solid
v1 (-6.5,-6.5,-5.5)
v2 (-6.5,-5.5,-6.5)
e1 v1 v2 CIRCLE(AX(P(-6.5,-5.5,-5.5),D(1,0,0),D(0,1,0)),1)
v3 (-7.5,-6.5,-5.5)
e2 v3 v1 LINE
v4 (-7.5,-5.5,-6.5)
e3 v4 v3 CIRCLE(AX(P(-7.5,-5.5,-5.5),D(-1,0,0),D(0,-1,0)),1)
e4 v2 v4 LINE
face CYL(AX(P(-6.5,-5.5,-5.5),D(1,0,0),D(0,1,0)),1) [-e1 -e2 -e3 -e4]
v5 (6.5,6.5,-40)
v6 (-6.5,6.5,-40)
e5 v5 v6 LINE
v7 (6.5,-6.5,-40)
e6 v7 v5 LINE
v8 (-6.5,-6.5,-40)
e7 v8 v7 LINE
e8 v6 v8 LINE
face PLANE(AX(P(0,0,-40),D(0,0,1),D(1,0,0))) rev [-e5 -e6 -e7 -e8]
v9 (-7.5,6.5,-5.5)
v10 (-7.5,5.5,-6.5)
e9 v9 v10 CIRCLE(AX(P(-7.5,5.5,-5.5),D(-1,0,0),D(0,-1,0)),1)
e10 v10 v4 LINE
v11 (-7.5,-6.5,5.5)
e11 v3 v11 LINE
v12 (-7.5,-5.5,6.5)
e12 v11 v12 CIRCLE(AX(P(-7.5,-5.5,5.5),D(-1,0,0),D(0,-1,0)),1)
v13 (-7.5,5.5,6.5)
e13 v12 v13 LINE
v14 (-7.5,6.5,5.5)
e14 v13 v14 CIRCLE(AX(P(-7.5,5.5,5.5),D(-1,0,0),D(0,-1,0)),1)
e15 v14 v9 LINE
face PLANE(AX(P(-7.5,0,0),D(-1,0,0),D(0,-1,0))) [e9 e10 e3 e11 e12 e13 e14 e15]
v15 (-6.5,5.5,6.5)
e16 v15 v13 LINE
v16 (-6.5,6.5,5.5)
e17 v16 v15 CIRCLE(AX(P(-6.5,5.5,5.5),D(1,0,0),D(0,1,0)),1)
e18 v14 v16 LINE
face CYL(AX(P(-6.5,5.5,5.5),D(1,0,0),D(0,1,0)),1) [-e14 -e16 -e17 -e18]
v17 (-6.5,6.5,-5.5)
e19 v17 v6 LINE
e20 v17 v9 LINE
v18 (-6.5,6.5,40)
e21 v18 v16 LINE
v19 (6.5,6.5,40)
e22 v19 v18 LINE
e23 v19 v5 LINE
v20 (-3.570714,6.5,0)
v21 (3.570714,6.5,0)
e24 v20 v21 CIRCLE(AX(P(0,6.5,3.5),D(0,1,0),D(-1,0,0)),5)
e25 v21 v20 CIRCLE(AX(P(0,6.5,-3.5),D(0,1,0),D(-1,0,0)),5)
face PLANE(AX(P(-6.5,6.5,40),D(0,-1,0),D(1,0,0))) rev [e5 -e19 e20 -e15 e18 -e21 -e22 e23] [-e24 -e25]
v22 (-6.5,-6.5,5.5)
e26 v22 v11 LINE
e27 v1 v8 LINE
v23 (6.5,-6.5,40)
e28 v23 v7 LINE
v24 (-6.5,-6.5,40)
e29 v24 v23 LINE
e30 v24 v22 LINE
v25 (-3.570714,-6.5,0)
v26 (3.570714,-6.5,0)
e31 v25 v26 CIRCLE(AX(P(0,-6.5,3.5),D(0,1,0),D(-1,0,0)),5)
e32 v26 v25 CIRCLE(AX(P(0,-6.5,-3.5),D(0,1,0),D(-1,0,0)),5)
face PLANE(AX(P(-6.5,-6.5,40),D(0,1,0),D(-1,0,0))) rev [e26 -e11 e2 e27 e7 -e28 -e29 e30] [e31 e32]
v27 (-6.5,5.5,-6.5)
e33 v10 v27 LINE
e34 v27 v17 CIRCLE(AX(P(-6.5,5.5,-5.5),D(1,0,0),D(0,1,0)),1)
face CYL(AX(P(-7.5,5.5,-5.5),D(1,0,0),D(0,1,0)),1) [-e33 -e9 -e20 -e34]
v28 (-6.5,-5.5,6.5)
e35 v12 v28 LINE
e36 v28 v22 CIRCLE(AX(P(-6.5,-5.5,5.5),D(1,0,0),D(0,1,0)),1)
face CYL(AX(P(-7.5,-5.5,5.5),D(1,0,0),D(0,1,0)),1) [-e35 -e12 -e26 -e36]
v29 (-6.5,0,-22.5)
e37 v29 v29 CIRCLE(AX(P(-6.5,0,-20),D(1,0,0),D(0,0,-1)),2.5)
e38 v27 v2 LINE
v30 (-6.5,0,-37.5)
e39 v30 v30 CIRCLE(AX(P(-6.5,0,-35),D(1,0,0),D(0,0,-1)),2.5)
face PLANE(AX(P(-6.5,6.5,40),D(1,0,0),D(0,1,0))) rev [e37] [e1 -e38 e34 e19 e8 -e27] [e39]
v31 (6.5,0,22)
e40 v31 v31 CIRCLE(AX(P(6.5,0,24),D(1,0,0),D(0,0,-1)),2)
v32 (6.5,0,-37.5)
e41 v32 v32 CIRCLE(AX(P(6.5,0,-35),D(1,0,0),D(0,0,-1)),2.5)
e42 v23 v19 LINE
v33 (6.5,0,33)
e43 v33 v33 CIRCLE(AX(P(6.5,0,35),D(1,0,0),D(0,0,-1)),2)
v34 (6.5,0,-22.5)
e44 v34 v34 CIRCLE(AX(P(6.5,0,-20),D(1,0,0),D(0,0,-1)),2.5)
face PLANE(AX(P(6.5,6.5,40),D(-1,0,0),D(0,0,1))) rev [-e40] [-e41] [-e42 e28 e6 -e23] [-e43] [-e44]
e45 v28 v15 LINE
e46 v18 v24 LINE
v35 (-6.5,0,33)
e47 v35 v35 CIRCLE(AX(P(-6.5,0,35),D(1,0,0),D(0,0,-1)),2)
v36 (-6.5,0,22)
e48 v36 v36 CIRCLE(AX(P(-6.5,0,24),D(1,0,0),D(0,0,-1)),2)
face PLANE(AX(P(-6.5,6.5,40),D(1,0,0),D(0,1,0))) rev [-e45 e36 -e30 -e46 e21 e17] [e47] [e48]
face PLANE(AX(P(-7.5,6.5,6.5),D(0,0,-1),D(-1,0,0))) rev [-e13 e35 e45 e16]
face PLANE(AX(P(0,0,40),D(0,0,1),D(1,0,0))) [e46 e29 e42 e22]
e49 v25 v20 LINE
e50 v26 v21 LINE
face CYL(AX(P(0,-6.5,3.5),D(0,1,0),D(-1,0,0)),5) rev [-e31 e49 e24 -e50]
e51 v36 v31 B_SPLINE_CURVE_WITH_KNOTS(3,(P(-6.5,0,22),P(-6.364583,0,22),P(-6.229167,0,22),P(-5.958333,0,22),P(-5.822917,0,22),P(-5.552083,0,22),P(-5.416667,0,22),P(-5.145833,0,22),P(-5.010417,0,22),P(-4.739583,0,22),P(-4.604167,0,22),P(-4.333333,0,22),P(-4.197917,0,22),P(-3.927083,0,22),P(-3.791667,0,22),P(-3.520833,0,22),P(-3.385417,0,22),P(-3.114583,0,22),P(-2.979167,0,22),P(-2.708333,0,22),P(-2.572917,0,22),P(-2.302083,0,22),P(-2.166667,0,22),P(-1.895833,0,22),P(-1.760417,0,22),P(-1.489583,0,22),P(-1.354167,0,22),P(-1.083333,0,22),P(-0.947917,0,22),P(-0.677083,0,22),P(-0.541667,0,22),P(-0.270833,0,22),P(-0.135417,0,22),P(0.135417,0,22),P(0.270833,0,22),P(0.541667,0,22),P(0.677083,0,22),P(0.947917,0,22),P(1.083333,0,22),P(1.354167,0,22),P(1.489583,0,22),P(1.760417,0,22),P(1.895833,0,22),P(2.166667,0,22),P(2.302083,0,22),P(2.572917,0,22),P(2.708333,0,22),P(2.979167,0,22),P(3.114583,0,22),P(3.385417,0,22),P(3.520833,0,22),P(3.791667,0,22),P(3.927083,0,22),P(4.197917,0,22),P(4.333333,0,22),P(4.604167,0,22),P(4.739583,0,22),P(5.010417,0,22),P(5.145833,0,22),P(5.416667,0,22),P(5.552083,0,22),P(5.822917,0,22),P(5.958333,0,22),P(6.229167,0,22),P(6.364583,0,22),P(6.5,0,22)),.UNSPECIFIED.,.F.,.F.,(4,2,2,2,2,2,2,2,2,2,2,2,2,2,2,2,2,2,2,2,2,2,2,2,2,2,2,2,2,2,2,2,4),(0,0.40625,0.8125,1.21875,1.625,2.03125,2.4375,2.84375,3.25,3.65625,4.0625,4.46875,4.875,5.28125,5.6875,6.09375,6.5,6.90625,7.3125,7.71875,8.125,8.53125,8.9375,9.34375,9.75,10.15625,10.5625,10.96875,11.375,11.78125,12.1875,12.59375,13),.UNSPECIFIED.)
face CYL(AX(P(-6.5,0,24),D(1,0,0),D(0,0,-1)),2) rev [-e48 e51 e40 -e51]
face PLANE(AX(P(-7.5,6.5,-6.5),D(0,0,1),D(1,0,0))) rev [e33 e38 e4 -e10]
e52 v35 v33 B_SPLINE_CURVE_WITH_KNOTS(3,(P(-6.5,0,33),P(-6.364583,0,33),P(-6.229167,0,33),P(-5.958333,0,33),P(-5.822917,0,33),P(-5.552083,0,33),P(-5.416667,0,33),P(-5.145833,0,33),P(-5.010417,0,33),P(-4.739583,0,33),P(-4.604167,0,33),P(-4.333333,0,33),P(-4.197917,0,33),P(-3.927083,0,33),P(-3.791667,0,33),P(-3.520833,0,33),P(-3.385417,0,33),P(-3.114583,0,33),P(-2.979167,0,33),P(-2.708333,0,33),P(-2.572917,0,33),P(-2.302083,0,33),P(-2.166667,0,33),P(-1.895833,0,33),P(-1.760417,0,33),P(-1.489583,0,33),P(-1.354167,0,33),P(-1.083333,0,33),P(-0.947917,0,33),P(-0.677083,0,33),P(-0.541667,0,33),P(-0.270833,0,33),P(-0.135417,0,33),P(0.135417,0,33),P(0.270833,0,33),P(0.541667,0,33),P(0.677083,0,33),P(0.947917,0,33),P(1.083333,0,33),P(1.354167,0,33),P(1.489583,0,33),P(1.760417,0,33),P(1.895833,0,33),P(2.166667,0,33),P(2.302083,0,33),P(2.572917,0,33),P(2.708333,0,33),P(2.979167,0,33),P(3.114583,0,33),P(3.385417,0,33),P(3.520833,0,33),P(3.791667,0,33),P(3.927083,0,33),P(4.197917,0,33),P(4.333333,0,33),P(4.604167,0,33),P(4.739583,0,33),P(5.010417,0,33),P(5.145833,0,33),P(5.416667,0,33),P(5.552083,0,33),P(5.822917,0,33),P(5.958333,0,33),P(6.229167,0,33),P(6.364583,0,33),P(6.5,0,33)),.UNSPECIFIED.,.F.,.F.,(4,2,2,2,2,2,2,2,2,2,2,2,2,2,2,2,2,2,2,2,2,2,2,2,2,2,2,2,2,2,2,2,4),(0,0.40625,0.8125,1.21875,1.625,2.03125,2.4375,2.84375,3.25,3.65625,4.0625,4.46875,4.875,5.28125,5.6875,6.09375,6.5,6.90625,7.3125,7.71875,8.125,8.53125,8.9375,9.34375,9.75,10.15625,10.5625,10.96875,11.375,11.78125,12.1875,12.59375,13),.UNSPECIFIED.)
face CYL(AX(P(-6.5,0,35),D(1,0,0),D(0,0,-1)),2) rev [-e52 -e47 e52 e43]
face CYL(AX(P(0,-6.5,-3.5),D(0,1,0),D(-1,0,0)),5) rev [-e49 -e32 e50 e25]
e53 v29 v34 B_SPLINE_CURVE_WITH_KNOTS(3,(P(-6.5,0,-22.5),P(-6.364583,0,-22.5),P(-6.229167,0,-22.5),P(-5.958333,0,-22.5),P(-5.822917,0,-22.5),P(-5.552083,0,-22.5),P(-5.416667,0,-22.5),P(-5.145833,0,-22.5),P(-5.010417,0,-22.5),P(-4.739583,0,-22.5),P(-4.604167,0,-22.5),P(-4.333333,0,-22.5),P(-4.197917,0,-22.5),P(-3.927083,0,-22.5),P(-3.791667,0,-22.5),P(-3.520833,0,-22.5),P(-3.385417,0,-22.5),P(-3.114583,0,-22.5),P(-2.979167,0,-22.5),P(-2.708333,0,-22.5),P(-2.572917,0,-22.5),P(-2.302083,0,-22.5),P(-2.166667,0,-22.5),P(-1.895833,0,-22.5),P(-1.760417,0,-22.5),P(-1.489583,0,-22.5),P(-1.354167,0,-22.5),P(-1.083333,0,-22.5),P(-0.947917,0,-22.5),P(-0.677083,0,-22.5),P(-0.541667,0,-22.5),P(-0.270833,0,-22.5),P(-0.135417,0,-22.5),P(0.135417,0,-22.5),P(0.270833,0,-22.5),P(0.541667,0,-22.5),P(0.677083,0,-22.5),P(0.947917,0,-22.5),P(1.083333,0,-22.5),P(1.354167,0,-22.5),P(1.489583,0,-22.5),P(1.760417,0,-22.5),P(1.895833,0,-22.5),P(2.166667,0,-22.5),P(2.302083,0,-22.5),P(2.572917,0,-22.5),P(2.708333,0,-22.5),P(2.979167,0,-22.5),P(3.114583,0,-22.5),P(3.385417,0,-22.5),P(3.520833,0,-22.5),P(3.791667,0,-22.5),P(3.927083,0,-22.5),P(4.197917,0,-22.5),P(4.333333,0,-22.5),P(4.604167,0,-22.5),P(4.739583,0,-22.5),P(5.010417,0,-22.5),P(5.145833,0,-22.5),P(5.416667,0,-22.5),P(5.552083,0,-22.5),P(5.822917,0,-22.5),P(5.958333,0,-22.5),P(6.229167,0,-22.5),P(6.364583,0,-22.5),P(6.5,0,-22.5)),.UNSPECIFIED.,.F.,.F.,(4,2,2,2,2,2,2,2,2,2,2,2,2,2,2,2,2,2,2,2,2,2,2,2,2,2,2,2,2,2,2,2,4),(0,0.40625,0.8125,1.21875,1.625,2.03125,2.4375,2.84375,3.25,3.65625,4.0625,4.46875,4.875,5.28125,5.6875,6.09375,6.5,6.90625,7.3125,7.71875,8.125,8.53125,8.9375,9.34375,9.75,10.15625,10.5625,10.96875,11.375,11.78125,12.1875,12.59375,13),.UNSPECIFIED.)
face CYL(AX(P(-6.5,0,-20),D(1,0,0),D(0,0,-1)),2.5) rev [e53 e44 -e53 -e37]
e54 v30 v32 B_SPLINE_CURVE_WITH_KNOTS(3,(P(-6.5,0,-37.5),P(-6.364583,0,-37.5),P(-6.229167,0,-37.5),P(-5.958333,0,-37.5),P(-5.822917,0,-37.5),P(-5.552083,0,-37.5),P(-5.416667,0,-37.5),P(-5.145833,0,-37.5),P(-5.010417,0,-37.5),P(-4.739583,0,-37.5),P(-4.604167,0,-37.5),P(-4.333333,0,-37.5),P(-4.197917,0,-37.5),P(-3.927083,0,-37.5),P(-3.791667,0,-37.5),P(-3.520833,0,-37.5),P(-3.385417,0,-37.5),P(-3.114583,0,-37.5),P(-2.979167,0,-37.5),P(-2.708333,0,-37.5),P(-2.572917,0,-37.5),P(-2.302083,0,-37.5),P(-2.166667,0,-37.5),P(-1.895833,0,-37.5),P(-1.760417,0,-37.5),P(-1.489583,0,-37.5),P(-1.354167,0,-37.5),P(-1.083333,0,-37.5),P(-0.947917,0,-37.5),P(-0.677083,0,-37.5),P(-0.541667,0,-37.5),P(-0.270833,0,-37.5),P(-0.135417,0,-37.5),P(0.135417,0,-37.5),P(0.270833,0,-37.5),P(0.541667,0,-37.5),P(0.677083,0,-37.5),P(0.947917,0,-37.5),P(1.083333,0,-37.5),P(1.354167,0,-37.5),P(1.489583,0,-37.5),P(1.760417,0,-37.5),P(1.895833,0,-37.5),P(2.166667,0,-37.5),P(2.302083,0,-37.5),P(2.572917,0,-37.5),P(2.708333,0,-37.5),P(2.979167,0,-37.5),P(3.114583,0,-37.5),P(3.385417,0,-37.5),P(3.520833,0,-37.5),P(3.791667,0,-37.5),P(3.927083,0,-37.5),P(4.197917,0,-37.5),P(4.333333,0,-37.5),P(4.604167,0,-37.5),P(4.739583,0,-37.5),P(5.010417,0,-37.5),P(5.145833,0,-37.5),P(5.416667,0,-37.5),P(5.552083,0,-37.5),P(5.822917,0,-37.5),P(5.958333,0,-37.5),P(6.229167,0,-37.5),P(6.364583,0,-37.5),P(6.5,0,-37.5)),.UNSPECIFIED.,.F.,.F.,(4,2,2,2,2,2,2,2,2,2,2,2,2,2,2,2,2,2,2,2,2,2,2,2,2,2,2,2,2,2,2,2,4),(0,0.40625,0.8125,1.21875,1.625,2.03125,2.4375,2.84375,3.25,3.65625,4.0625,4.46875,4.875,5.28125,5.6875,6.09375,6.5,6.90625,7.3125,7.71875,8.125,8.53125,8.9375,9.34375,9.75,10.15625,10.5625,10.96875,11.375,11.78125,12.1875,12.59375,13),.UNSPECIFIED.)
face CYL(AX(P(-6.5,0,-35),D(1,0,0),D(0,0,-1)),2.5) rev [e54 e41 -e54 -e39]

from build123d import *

# Parameters (mm, degrees)
SKETCH1_W           = 13
SKETCH1_H           = 13
BOSS_EXTRUDE1_DEPTH = 40
CUT_EXTRUDE1_DEPTH  = 43.558782877
SKETCH3_R           = 2
SKETCH3_R_2         = 2.5
CUT_EXTRUDE2_DEPTH  = 43.558782877
SKETCH5_W           = 13
SKETCH5_H           = 13
BOSS_EXTRUDE2_DEPTH = 1
FILLET1_R           = 1


with BuildPart() as part:
    # Sketch1 → Boss-Extrude1 (new, symmetric)
    with BuildSketch(Plane.XY):
        Rectangle(SKETCH1_W, SKETCH1_H)
    extrude(amount=BOSS_EXTRUDE1_DEPTH, both=True)

    # Sketch2 → Cut-Extrude1 (cut, through all)
    with BuildSketch(Plane(origin=(0, 6.5, 0), x_dir=(1, 0, 0), z_dir=(0, 1, 0))):
        with BuildLine():
            ThreePointArc((3.570714214, 0), (0, 8.5), (-3.570714214, 0))
            ThreePointArc((-3.570714214, 0), (0, -8.5), (3.570714214, 0))
        make_face()
    extrude(amount=-CUT_EXTRUDE1_DEPTH, mode=Mode.SUBTRACT)

    # Sketch3 → Cut-Extrude2 (cut, through all)
    with BuildSketch(Plane(origin=(6.5, 0, 0), x_dir=(0, 0, -1), z_dir=(1, 0, 0))):
        with Locations((-35, 0)):
            Circle(SKETCH3_R)
        with Locations((-24, 0)):
            Circle(SKETCH3_R)
        with Locations((20, 0)):
            Circle(SKETCH3_R_2)
        with Locations((35, 0)):
            Circle(SKETCH3_R_2)
    extrude(amount=-CUT_EXTRUDE2_DEPTH, mode=Mode.SUBTRACT)

    # Sketch5 → Boss-Extrude2 (add)
    with BuildSketch(Plane.ZY.offset(6.5)):
        Rectangle(SKETCH5_W, SKETCH5_H)
    extrude(amount=BOSS_EXTRUDE2_DEPTH)

    # Fillet1
    fillet1_edges = [part.edges().sort_by_distance(p)[0] for p in [
        (-7, -6.5, 6.5),
        (-7, 6.5, 6.5),
        (-7, 6.5, -6.5),
        (-7, -6.5, -6.5),
    ]]
    fillet(fillet1_edges, radius=FILLET1_R)


solid = part.part
